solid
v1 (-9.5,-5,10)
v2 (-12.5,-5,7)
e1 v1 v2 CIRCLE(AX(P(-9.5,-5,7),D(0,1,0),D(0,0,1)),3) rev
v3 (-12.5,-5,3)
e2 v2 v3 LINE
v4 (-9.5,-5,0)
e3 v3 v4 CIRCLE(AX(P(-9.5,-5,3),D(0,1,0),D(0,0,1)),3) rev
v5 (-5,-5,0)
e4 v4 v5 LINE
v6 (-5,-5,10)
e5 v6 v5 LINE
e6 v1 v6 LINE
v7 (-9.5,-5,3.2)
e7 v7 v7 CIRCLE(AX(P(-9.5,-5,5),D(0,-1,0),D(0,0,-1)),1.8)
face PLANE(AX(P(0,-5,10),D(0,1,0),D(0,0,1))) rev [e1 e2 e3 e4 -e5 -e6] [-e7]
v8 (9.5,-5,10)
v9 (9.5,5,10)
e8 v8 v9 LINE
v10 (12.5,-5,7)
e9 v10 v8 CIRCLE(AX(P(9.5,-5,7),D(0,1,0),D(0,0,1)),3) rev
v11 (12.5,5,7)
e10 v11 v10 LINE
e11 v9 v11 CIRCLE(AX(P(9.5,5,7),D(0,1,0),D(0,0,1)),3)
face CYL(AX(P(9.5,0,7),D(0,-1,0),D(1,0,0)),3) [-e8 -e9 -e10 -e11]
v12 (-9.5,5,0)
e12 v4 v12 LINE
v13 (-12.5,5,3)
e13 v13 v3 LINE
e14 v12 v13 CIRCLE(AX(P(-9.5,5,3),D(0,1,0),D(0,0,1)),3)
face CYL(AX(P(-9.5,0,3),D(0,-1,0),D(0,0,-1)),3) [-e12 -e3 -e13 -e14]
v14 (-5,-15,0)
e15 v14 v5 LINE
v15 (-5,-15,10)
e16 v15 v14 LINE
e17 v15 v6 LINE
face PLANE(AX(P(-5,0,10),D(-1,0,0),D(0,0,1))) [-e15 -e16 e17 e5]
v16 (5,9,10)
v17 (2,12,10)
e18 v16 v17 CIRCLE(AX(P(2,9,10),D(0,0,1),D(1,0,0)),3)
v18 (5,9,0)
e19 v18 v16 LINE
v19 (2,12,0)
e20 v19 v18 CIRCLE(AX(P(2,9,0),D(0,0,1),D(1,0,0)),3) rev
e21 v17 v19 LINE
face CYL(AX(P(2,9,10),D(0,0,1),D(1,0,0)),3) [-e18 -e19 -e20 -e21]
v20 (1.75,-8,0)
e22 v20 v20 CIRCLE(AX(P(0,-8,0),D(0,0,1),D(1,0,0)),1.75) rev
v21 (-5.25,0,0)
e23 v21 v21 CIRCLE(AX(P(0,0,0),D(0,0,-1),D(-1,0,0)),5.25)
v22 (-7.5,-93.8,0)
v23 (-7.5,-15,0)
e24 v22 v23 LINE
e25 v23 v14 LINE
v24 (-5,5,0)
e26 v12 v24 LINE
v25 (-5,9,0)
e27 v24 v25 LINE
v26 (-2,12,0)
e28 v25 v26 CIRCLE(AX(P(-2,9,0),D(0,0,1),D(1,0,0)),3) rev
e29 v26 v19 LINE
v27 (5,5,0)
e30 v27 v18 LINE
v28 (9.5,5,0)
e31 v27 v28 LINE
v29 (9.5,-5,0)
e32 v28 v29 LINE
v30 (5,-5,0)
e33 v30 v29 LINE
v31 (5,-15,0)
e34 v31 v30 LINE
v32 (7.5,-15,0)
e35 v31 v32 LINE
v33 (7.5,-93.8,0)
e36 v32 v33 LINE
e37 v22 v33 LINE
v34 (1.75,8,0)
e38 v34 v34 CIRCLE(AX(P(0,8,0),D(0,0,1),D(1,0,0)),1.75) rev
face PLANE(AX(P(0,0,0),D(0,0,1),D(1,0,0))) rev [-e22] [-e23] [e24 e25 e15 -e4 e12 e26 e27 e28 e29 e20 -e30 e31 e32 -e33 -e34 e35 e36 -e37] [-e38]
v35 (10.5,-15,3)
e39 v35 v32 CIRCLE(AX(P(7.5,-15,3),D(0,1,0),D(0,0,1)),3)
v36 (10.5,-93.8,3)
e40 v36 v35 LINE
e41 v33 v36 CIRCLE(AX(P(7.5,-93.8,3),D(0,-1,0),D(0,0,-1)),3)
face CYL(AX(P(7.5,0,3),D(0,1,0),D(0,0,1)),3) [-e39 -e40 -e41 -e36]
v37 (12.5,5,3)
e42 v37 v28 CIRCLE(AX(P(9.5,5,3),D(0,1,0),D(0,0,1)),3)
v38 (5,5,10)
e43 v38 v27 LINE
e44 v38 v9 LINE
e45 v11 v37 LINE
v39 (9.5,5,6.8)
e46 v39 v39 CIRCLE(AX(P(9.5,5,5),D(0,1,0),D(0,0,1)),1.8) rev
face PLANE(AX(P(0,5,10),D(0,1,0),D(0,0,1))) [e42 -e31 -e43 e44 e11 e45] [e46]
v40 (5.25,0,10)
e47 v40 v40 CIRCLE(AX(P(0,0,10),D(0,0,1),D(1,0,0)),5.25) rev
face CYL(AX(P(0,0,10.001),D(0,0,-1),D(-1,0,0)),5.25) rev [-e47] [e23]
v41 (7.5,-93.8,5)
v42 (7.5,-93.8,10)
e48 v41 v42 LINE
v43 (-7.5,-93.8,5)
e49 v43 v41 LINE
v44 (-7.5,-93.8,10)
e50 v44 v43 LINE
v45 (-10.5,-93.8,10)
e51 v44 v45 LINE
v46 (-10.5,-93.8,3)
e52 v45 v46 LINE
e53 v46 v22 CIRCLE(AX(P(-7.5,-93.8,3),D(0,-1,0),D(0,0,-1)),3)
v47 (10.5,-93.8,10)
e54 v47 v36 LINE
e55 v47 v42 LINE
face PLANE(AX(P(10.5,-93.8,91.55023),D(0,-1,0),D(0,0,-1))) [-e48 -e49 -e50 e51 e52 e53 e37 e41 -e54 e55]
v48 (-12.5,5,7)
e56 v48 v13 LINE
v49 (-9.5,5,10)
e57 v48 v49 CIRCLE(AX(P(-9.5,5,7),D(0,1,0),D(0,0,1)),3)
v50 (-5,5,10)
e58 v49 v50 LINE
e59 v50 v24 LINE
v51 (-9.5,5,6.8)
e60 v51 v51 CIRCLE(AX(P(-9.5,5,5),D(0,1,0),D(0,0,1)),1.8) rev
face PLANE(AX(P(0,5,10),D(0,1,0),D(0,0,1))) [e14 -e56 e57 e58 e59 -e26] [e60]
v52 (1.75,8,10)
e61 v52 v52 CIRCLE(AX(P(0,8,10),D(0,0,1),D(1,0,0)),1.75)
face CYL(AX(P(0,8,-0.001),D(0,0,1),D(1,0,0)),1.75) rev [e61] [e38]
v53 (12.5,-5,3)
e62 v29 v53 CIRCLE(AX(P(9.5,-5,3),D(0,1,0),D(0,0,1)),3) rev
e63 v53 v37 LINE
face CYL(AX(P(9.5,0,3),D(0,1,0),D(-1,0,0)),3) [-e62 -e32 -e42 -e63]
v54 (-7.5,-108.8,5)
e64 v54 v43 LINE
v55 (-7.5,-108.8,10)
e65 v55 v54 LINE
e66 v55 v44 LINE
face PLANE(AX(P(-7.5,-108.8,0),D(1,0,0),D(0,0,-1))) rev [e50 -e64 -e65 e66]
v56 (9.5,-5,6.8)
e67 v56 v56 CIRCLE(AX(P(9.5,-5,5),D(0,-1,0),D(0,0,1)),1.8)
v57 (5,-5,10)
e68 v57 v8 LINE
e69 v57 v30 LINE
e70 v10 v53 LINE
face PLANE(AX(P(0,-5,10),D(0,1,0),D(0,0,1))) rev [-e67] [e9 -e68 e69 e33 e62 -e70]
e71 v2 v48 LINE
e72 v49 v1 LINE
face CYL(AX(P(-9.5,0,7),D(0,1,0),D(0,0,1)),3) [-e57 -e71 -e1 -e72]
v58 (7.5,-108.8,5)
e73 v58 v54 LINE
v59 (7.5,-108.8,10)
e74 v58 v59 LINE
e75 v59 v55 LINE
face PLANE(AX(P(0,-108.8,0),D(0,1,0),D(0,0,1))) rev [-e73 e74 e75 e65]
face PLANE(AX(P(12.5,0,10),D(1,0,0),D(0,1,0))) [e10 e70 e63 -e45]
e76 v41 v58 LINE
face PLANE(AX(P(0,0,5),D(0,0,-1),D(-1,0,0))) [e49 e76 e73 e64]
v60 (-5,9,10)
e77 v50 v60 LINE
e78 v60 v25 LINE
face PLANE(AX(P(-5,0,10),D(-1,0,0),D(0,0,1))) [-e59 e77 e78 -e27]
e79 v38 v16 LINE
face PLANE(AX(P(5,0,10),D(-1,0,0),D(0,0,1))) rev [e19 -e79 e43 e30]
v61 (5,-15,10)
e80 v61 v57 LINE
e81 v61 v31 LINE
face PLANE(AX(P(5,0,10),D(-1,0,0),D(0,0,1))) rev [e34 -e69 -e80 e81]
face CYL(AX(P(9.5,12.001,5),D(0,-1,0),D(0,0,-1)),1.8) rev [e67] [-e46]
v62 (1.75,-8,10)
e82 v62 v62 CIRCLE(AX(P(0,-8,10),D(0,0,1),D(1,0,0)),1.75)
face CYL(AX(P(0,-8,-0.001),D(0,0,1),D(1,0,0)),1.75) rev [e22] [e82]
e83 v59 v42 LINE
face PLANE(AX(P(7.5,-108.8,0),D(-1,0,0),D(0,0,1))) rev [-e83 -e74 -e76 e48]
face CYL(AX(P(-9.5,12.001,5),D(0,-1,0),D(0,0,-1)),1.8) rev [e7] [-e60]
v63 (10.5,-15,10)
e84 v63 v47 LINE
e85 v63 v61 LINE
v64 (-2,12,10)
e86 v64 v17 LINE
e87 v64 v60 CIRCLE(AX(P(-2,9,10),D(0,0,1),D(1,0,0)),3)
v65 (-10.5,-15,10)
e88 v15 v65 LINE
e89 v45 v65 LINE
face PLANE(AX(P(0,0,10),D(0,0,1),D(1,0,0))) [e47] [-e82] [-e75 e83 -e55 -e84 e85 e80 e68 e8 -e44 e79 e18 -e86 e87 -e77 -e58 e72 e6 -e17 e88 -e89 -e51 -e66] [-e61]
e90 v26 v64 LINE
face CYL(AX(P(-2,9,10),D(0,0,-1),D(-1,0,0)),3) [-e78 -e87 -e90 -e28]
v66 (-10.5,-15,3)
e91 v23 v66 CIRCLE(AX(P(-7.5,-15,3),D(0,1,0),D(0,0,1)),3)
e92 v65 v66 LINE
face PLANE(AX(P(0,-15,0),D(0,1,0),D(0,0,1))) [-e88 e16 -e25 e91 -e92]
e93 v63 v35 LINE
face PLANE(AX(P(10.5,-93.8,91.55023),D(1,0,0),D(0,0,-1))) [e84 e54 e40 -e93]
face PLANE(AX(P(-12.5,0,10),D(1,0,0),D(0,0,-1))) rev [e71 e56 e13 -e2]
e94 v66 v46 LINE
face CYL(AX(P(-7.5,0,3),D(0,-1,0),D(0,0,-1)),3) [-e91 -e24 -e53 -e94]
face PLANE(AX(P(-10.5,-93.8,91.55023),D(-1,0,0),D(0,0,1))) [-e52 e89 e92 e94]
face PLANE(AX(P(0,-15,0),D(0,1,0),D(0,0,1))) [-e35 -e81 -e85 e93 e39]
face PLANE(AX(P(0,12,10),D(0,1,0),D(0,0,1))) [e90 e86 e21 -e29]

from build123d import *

# Parameters (mm, degrees)
SKETCH_1_W          = 7.5
SKETCH_1_H          = 10
SKETCH_1_W_2        = 10
SKETCH_1_H_2        = 7
EXTRUDE_1_DEPTH     = 10
CUT_EXTRUDE_1_REACH = 25.351
SKETCH_2_R          = 1.8
CUT_EXTRUDE_2_REACH = 23.937
SKETCH_3_R          = 5.25
FILLET_1_R          = 3
CUT_EXTRUDE_4_REACH = 23.937
SKETCH_5_R          = 1.75
SKETCH_6_W          = 15
SKETCH_6_H          = 10
EXTRUDE_2_DEPTH     = 93.8
SKETCH_7_W          = 21
SKETCH_7_H          = 78.8
EXTRUDE_3_DEPTH     = 10
FILLET_2_R          = 3
SKETCH_8_W          = 15
SKETCH_8_H          = 15
CUT_EXTRUDE_5_DEPTH = 5
FILLET_3_R          = 3


with BuildPart() as part:
    # 草图1 → 凸台-拉伸1 (new body)
    with BuildSketch(Plane.XY):
        with Locations((-8.75, 0)):
            Rectangle(SKETCH_1_W, SKETCH_1_H)
        Rectangle(SKETCH_1_W_2, SKETCH_1_H)
        with Locations((0, 8.5)):
            Rectangle(SKETCH_1_W_2, SKETCH_1_H_2)
        with Locations((8.75, 0)):
            Rectangle(SKETCH_1_W, SKETCH_1_H)
        with Locations((0, -10)):
            Rectangle(SKETCH_1_W_2, SKETCH_1_H)
    extrude(amount=EXTRUDE_1_DEPTH)

    # 草图2 → 切除-拉伸1 (cut, up to next)
    with BuildSketch(Plane.XZ.offset(5), mode=Mode.PRIVATE) as cut_extrude_1_sk1:
        with Locations(Location((-9.5, 5, 0), (0, 0, 270))):
            Circle(SKETCH_2_R)
    cut_extrude_1_tool1 = extrude(cut_extrude_1_sk1.sketch, amount=-CUT_EXTRUDE_1_REACH, mode=Mode.PRIVATE) & part.part
    # 草图2 → 切除-拉伸1 (cut, up to next)
    with BuildSketch(Plane.XZ.offset(5), mode=Mode.PRIVATE) as cut_extrude_1_sk2:
        with Locations(Location((9.5, 5, 0), (0, 0, 90))):
            Circle(SKETCH_2_R)
    cut_extrude_1_tool2 = extrude(cut_extrude_1_sk2.sketch, amount=-CUT_EXTRUDE_1_REACH, mode=Mode.PRIVATE) & part.part
    add(cut_extrude_1_tool1.solids().sort_by_distance((-9.5, -5, 5))[0], mode=Mode.SUBTRACT)
    add(cut_extrude_1_tool2.solids().sort_by_distance((9.5, -5, 5))[0], mode=Mode.SUBTRACT)

    # 草图3 → 切除-拉伸2 (cut, up to next)
    with BuildSketch(Plane(origin=(0, 0, 0), x_dir=(-1, 0, 0), z_dir=(0, 0, -1)), mode=Mode.PRIVATE) as cut_extrude_2_sk1:
        Circle(SKETCH_3_R)
    cut_extrude_2_tool1 = extrude(cut_extrude_2_sk1.sketch, amount=-CUT_EXTRUDE_2_REACH, mode=Mode.PRIVATE) & part.part
    add(cut_extrude_2_tool1.solids().sort_by_distance((0, 0, 0))[0], mode=Mode.SUBTRACT)

    # 圆角1
    fillet_1_edges = [part.edges().sort_by_distance(p)[0] for p in [
        (12.5, 0, 0),
        (-12.5, 0, 0),
        (12.5, 0, 10),
        (-12.5, 0, 10),
    ]]
    fillet(fillet_1_edges, radius=FILLET_1_R)

    # 草图5 → 切除-拉伸4 (cut, up to next)
    with BuildSketch(Plane.XY.offset(10), mode=Mode.PRIVATE) as cut_extrude_4_sk1:
        with Locations((0, 8)):
            Circle(SKETCH_5_R)
    cut_extrude_4_tool1 = extrude(cut_extrude_4_sk1.sketch, amount=-CUT_EXTRUDE_4_REACH, mode=Mode.PRIVATE) & part.part
    # 草图5 → 切除-拉伸4 (cut, up to next)
    with BuildSketch(Plane.XY.offset(10), mode=Mode.PRIVATE) as cut_extrude_4_sk2:
        with Locations((0, -8)):
            Circle(SKETCH_5_R)
    cut_extrude_4_tool2 = extrude(cut_extrude_4_sk2.sketch, amount=-CUT_EXTRUDE_4_REACH, mode=Mode.PRIVATE) & part.part
    add(cut_extrude_4_tool1.solids().sort_by_distance((0, 8, 10))[0], mode=Mode.SUBTRACT)
    add(cut_extrude_4_tool2.solids().sort_by_distance((0, -8, 10))[0], mode=Mode.SUBTRACT)

    # 草图6 → 凸台-拉伸2 (add)
    with BuildSketch(Plane.XZ.offset(15)):
        with Locations((0, 5)):
            Rectangle(SKETCH_6_W, SKETCH_6_H)
    extrude(amount=EXTRUDE_2_DEPTH)

    # 草图7 → 凸台-拉伸3 (add)
    with BuildSketch(Plane(origin=(0, 0, 0), x_dir=(-1, 0, 0), z_dir=(0, 0, -1))):
        with Locations((0, -54.4)):
            Rectangle(SKETCH_7_W, SKETCH_7_H)
    extrude(amount=-EXTRUDE_3_DEPTH)

    # 圆角2
    fillet_2_edges = [part.edges().sort_by_distance(p)[0] for p in [
        (-10.5, -54.4, 0),
        (10.5, -54.4, 0),
    ]]
    fillet(fillet_2_edges, radius=FILLET_2_R)

    # 草图8 → 切除-拉伸5 (cut)
    with BuildSketch(Plane(origin=(0, 0, 0), x_dir=(-1, 0, 0), z_dir=(0, 0, -1))):
        with Locations((0, -101.3)):
            Rectangle(SKETCH_8_W, SKETCH_8_H)
    extrude(amount=-CUT_EXTRUDE_5_DEPTH, mode=Mode.SUBTRACT)

    # 圆角3
    fillet_3_edges = [part.edges().sort_by_distance(p)[0] for p in [
        (-5, 12, 5),
        (5, 12, 5),
    ]]
    fillet(fillet_3_edges, radius=FILLET_3_R)


solid = part.part
